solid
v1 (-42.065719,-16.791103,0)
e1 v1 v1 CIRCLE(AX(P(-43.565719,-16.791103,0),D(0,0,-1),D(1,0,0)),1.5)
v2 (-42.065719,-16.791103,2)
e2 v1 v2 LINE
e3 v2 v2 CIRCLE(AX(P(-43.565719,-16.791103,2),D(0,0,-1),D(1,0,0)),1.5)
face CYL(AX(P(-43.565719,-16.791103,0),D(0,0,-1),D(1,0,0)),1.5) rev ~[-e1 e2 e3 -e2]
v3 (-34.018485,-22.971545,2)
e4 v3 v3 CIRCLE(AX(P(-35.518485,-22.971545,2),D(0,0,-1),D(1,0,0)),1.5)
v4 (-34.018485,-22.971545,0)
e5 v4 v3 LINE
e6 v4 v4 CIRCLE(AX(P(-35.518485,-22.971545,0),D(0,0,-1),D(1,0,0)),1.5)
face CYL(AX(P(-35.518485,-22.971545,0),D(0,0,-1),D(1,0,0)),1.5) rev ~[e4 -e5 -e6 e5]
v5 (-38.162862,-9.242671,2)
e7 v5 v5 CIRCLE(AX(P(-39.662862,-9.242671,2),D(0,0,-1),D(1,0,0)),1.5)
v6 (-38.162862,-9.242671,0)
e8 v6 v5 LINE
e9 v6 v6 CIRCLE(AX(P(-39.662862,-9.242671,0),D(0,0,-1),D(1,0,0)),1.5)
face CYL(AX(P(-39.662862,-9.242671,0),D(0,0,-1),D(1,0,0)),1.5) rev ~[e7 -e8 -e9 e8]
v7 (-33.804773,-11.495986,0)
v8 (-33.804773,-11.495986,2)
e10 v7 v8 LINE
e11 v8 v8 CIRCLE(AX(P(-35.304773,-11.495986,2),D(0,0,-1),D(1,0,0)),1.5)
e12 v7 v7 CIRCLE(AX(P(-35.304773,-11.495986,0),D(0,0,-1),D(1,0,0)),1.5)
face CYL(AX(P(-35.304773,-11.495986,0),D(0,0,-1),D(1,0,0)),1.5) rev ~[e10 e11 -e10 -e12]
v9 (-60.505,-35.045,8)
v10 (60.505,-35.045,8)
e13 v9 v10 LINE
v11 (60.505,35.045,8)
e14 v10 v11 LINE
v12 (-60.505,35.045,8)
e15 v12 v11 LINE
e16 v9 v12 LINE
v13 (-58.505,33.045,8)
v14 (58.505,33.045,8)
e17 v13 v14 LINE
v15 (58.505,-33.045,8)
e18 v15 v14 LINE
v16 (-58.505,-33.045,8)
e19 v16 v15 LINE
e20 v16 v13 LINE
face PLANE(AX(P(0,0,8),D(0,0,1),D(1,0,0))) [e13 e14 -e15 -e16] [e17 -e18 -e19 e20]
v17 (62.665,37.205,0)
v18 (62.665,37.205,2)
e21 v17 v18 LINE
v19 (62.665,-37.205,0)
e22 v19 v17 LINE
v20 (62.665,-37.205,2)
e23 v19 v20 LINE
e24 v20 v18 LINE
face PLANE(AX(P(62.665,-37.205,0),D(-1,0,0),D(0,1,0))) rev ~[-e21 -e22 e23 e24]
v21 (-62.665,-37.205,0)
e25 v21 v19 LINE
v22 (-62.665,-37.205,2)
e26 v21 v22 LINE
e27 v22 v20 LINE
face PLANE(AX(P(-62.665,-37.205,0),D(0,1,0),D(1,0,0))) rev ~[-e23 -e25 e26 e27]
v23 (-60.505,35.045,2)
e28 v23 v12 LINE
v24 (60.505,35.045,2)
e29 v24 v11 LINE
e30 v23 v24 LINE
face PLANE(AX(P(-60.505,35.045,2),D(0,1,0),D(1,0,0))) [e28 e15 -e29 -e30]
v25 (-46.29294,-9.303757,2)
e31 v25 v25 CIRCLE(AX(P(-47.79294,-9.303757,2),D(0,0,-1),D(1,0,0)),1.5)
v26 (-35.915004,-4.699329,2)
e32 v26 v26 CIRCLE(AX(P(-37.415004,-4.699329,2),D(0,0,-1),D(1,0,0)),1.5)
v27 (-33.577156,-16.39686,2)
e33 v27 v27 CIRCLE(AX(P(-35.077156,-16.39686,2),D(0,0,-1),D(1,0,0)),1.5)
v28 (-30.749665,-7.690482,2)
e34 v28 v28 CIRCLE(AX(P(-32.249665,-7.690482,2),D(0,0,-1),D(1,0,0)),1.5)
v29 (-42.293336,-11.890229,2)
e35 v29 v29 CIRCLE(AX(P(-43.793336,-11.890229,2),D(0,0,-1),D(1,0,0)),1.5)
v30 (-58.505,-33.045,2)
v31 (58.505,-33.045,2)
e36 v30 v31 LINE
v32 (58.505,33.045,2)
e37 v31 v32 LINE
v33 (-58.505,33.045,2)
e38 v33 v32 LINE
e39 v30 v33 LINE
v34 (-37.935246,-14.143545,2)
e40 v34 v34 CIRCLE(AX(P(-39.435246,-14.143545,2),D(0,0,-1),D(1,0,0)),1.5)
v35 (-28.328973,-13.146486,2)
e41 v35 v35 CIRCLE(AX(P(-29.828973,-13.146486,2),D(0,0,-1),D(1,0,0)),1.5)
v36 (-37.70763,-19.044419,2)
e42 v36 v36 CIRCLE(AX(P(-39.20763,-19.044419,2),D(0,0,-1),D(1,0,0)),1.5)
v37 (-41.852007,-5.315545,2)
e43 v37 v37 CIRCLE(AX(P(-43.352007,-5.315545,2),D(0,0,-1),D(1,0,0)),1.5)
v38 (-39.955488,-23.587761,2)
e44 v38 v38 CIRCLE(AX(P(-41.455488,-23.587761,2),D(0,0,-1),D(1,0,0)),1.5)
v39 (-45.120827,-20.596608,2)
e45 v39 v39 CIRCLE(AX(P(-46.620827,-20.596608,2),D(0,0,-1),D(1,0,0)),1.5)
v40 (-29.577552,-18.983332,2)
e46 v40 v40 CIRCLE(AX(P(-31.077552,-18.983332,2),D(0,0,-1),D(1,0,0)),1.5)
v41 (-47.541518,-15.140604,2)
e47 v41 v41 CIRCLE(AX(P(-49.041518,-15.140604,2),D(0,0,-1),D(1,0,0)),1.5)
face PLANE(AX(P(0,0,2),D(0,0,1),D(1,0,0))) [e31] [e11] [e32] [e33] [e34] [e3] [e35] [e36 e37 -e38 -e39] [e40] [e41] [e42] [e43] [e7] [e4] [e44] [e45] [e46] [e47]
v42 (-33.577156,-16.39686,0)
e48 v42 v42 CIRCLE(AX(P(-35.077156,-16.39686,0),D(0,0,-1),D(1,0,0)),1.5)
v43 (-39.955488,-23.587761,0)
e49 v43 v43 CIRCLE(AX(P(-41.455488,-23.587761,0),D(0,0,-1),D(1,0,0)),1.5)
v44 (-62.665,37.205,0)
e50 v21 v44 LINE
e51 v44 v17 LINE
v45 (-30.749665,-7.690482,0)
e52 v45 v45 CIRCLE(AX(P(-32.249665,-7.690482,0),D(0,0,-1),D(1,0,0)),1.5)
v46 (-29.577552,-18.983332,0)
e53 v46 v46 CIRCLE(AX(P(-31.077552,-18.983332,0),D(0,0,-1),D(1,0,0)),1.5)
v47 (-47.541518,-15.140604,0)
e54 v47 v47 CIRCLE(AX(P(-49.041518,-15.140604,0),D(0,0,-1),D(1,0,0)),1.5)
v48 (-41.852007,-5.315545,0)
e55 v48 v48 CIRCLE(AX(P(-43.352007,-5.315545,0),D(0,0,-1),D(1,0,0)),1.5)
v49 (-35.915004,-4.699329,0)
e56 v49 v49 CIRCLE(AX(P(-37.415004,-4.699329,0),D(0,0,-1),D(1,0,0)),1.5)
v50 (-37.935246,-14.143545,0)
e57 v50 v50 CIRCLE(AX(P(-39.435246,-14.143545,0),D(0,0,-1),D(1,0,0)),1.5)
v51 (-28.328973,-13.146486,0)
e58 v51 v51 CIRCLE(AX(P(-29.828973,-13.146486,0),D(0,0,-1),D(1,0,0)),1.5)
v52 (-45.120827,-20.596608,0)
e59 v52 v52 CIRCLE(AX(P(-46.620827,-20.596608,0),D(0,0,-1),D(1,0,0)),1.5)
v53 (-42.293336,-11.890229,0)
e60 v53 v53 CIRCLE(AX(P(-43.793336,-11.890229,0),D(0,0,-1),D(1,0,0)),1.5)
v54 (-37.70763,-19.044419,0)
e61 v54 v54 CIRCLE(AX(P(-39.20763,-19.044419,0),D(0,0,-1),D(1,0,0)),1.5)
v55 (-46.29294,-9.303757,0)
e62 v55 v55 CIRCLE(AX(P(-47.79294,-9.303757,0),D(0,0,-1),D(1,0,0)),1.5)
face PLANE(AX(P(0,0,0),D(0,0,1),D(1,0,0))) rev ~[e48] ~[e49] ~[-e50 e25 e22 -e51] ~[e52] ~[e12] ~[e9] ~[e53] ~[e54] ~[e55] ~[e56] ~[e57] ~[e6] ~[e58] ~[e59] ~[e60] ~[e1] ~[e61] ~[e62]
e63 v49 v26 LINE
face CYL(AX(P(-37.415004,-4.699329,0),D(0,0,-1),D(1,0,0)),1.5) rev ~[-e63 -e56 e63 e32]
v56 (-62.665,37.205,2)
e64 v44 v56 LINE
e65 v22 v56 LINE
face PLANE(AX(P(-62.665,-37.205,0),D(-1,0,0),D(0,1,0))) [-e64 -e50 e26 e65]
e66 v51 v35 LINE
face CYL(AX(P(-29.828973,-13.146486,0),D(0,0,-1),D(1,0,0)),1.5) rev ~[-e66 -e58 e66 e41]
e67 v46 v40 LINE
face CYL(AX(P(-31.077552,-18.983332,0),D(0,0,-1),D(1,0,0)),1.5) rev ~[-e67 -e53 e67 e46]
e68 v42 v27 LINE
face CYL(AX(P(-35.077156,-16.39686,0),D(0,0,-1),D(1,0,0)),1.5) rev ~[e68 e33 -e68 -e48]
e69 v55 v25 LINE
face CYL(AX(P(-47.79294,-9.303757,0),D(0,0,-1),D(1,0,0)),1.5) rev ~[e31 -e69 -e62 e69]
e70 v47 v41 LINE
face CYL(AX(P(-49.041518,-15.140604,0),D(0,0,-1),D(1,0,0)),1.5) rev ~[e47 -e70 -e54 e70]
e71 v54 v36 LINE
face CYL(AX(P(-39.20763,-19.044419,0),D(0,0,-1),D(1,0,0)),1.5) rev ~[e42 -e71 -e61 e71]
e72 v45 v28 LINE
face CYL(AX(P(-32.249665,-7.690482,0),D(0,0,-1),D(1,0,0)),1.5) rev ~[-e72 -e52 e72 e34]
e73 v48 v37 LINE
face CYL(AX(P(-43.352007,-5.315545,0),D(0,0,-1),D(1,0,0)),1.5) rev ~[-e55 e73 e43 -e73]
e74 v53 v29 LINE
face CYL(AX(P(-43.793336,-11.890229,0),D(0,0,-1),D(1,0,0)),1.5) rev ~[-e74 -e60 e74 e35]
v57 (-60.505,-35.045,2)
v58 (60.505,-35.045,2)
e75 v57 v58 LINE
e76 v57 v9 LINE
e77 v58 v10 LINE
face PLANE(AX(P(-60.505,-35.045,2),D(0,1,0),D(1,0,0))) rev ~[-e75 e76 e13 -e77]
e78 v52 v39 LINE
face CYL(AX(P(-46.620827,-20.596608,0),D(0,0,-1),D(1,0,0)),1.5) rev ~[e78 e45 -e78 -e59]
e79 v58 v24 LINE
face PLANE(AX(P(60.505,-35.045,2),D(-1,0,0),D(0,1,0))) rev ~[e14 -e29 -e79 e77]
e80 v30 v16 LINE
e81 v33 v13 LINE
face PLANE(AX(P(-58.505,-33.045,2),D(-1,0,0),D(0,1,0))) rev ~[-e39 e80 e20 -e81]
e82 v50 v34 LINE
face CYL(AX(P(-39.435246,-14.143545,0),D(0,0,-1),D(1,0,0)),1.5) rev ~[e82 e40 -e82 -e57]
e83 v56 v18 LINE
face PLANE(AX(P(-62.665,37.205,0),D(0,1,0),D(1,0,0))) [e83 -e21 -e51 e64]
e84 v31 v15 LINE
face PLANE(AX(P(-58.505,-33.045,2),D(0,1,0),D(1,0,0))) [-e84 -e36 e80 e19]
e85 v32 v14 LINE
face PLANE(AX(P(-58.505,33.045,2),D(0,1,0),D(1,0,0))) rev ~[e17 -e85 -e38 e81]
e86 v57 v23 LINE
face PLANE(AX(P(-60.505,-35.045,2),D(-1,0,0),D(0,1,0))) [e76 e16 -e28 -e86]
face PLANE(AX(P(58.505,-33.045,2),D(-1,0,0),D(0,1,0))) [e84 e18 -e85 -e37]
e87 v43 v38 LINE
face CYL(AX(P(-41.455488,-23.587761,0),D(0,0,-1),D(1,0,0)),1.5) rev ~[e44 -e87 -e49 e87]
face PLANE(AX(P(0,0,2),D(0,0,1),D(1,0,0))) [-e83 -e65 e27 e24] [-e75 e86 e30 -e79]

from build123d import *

# Parameters (mm, degrees)
F0_W     = 125.33
F0_H     = 74.41
F1_DEPTH = 2
F2_W     = 121.01
F2_H     = 70.09
F2_W_2   = 117.01
F2_H_2   = 66.09
F3_DEPTH = 6
F4_R     = 1.5
F5_DEPTH = 8.001


with BuildPart() as f1:
    # F0 (on Top) → F1 (new body)
    with BuildSketch(Plane.XY):
        Rectangle(F0_W, F0_H)
    extrude(amount=F1_DEPTH)

    # F2 (on face) → F3 (join)
    with BuildSketch(Plane.XY.offset(2)):
        Rectangle(F2_W, F2_H)
        Rectangle(F2_W_2, F2_H_2, mode=Mode.SUBTRACT)
    extrude(amount=F3_DEPTH)

    # F4 (on face) → F5 (cut, through all)
    with BuildSketch(Plane(origin=(0, 0, 0), x_dir=(1, 0, 0), z_dir=(0, 0, -1))):
        with Locations((-39.435246, 14.143545)):
            Circle(F4_R)
        with Locations((-35.077156, 16.39686)):
            Circle(F4_R)
        with Locations((-31.077552, 18.983332)):
            Circle(F4_R)
        with Locations((-29.828973, 13.146486)):
            Circle(F4_R)
        with Locations((-32.249665, 7.690482)):
            Circle(F4_R)
        with Locations((-35.304773, 11.495986)):
            Circle(F4_R)
        with Locations((-37.415004, 4.699329)):
            Circle(F4_R)
        with Locations((-43.352007, 5.315545)):
            Circle(F4_R)
        with Locations((-39.662862, 9.242671)):
            Circle(F4_R)
        with Locations((-39.20763, 19.044419)):
            Circle(F4_R)
        with Locations((-35.518485, 22.971545)):
            Circle(F4_R)
        with Locations((-41.455488, 23.587761)):
            Circle(F4_R)
        with Locations((-46.620827, 20.596608)):
            Circle(F4_R)
        with Locations((-43.565719, 16.791103)):
            Circle(F4_R)
        with Locations((-43.793336, 11.890229)):
            Circle(F4_R)
        with Locations((-47.79294, 9.303757)):
            Circle(F4_R)
        with Locations((-49.041518, 15.140604)):
            Circle(F4_R)
    extrude(amount=-F5_DEPTH, mode=Mode.SUBTRACT)


solid = f1.part
